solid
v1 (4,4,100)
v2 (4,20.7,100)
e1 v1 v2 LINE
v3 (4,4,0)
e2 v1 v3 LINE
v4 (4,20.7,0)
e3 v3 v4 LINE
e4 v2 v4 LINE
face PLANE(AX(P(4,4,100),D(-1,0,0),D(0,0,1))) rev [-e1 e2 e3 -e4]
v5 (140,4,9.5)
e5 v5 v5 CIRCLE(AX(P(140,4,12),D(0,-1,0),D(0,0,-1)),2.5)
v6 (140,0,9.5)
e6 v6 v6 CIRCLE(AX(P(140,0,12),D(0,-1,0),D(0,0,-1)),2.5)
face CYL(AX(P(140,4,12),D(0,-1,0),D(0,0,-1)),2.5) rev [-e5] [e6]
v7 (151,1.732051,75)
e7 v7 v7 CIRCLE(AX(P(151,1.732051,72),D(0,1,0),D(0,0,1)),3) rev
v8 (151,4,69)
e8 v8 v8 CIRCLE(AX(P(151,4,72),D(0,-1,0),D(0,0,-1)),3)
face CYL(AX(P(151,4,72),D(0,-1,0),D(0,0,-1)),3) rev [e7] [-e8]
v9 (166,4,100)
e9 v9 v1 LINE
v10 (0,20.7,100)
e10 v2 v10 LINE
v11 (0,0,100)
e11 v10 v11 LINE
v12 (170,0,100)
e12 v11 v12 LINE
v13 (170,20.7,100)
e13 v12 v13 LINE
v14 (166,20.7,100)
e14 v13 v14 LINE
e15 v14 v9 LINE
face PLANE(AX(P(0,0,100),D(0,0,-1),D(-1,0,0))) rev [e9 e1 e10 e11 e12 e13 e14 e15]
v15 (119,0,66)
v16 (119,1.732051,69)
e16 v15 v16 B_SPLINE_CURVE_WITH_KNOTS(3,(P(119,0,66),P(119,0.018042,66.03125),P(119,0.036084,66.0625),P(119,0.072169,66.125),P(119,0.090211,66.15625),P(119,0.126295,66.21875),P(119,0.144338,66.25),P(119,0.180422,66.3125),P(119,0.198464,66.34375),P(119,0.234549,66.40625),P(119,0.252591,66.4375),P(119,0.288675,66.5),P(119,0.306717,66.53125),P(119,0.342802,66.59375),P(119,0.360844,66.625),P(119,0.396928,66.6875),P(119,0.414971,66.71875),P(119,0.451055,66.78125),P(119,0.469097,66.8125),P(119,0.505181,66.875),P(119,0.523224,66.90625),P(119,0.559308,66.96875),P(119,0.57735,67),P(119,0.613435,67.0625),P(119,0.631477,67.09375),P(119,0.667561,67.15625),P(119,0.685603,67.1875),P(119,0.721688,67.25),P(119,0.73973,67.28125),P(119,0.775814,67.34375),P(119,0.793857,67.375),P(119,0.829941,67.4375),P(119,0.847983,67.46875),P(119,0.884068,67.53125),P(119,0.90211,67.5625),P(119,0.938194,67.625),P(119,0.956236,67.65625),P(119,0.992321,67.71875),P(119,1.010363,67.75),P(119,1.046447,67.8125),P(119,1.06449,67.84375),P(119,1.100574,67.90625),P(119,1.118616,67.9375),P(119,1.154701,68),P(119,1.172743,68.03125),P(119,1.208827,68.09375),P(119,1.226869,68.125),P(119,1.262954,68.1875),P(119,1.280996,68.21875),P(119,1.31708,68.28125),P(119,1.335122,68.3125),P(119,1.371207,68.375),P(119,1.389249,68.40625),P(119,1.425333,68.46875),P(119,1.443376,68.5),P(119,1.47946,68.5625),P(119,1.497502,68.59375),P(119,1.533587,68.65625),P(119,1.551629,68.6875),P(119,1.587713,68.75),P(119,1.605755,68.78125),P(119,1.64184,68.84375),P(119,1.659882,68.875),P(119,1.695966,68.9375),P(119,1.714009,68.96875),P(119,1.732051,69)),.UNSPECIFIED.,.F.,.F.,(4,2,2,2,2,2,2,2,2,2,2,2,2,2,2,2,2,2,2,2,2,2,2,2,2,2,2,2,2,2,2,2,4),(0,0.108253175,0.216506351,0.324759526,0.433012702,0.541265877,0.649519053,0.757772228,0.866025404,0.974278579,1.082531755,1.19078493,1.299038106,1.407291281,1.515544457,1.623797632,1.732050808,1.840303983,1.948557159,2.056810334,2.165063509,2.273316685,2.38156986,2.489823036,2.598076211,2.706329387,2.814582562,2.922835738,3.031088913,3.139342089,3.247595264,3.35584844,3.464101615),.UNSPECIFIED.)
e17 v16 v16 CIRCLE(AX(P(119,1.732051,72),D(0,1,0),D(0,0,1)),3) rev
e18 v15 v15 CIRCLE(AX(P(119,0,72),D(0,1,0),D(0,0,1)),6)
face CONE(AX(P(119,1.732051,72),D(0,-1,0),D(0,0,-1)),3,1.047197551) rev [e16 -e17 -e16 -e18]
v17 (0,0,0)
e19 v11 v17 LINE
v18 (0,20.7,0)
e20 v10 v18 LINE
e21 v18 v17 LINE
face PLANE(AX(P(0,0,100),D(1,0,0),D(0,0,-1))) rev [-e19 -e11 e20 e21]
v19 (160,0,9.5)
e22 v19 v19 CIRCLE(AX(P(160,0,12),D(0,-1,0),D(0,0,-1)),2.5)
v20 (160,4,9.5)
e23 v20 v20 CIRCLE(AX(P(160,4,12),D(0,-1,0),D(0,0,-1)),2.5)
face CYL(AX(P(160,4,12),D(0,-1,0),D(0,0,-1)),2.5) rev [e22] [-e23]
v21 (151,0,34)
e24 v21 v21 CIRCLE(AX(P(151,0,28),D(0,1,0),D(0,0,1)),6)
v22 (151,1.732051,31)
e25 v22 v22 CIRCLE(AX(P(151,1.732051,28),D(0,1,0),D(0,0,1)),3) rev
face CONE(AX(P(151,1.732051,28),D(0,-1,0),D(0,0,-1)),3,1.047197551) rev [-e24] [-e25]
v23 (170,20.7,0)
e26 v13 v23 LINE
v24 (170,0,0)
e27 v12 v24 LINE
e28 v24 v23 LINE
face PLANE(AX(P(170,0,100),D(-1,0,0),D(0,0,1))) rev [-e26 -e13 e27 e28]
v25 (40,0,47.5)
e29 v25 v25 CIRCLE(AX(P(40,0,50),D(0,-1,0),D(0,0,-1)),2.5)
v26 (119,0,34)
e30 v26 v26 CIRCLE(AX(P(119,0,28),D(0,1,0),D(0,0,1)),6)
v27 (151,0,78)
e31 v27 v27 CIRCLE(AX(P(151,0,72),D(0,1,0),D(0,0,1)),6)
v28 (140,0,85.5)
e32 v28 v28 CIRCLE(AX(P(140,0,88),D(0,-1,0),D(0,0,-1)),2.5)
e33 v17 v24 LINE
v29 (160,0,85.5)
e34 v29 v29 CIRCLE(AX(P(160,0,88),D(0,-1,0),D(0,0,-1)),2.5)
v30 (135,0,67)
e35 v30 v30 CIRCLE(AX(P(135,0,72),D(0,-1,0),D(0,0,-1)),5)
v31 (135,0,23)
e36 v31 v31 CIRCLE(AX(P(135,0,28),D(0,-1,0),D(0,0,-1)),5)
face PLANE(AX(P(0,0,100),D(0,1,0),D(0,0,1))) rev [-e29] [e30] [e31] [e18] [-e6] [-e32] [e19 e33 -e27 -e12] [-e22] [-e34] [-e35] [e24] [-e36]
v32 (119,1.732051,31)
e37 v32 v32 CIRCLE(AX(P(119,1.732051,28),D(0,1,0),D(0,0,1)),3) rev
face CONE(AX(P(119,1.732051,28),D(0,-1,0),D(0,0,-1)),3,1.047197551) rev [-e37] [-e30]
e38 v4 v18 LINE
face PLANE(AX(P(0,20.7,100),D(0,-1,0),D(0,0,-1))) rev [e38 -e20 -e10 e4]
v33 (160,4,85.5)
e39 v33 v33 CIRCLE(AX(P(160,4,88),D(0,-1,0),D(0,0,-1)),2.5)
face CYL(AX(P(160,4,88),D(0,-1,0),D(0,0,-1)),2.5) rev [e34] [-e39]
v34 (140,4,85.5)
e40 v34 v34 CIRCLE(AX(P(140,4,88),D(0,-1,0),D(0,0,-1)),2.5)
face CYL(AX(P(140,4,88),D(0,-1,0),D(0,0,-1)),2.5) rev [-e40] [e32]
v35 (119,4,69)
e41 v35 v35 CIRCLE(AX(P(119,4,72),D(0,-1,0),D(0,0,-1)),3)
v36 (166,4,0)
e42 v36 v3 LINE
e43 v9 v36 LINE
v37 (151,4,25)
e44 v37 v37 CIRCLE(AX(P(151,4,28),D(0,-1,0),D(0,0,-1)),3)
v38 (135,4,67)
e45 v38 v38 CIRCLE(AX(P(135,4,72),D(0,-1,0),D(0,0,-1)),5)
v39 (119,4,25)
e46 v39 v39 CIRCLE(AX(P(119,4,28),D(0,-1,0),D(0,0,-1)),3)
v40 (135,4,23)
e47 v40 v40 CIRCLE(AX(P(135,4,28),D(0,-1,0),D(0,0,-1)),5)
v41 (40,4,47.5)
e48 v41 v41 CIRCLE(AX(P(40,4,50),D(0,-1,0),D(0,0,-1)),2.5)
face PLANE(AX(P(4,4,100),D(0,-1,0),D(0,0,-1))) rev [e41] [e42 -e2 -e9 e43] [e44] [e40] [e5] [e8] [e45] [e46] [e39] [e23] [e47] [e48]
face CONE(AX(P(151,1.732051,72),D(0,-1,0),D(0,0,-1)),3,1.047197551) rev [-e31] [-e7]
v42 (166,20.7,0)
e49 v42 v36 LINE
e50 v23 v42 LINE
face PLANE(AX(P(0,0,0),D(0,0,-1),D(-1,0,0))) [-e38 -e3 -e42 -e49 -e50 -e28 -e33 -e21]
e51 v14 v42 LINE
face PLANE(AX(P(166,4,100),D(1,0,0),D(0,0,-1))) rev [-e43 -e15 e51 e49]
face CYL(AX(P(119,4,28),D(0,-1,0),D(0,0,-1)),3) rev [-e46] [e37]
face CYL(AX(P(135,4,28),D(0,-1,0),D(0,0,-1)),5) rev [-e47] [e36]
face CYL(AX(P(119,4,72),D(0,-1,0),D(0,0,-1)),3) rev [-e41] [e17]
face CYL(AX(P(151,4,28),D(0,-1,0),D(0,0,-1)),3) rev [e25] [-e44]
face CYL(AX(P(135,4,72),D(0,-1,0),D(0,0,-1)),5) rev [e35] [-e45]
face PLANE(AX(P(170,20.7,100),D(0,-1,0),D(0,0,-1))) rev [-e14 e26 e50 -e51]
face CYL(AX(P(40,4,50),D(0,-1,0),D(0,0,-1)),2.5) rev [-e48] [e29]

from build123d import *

# Parameters (mm, degrees)
EXTRUDE_1_DEPTH     = 100
SKETCH_2_R          = 5
SKETCH_2_R_2        = 2.5
SKETCH_2_R_3        = 3
CUT_EXTRUDE_1_DEPTH = 4
CHAMFER_3_SIZE      = 3
CHAMFER_3_SIZE2     = 1.732050808
CHAMFER_4_SIZE      = 3
CHAMFER_4_SIZE2     = 1.732050808
CHAMFER_5_SIZE      = 3
CHAMFER_5_SIZE2     = 1.732050808
CHAMFER_6_SIZE      = 3
CHAMFER_6_SIZE2     = 1.732050808


with BuildPart() as part:
    # Эскиз1 → Бобышка-Вытянуть1 (new body)
    with BuildSketch(Plane.XY):
        Polygon((0, 0), (170, 0), (170, 20.7), (166, 20.7), (166, 4), (4, 4), (4, 20.7), (0, 20.7), align=None)
    extrude(amount=EXTRUDE_1_DEPTH)

    # Эскиз2 → Вырез-Вытянуть1 (cut)
    with BuildSketch(Plane.XZ):
        with Locations(Location((135, 72, 0), (0, 0, 270))):
            Circle(SKETCH_2_R)
        with Locations(Location((135, 28, 0), (0, 0, 270))):
            Circle(SKETCH_2_R)
        with Locations(Location((40, 50, 0), (0, 0, 270))):
            Circle(SKETCH_2_R_2)
        with Locations(Location((160, 88, 0), (0, 0, 270))):
            Circle(SKETCH_2_R_2)
        with Locations(Location((140, 88, 0), (0, 0, 270))):
            Circle(SKETCH_2_R_2)
        with Locations(Location((160, 12, 0), (0, 0, 270))):
            Circle(SKETCH_2_R_2)
        with Locations(Location((140, 12, 0), (0, 0, 270))):
            Circle(SKETCH_2_R_2)
        with Locations(Location((151, 28, 0), (0, 0, 270))):
            Circle(SKETCH_2_R_3)
        with Locations(Location((119, 28, 0), (0, 0, 270))):
            Circle(SKETCH_2_R_3)
        with Locations(Location((151, 72, 0), (0, 0, 270))):
            Circle(SKETCH_2_R_3)
        with Locations(Location((119, 72, 0), (0, 0, 270))):
            Circle(SKETCH_2_R_3)
    extrude(amount=-CUT_EXTRUDE_1_DEPTH, mode=Mode.SUBTRACT)

    # Фаска3
    chamfer_3_edges = [part.edges().sort_by_distance(p)[0] for p in [
        (151, 0, 75),
    ]]
    chamfer_3_side = [part.faces().sort_by_distance(p)[0] for p in [
        (83.933938281, 0, 50),
    ]]
    chamfer(chamfer_3_edges, length=CHAMFER_3_SIZE, length2=CHAMFER_3_SIZE2, reference=chamfer_3_side[0])

    # Фаска4
    chamfer_4_edges = [part.edges().sort_by_distance(p)[0] for p in [
        (119, 0, 75),
    ]]
    chamfer_4_side = [part.faces().sort_by_distance(p)[0] for p in [
        (83.590141536, 0, 49.887222715),
    ]]
    chamfer(chamfer_4_edges, length=CHAMFER_4_SIZE, length2=CHAMFER_4_SIZE2, reference=chamfer_4_side[0])

    # Фаска5
    chamfer_5_edges = [part.edges().sort_by_distance(p)[0] for p in [
        (119, 0, 31),
    ]]
    chamfer_5_side = [part.faces().sort_by_distance(p)[0] for p in [
        (83.407686787, 0, 49.773283224),
    ]]
    chamfer(chamfer_5_edges, length=CHAMFER_5_SIZE, length2=CHAMFER_5_SIZE2, reference=chamfer_5_side[0])

    # Фаска6
    chamfer_6_edges = [part.edges().sort_by_distance(p)[0] for p in [
        (151, 0, 31),
    ]]
    chamfer_6_side = [part.faces().sort_by_distance(p)[0] for p in [
        (83.223342048, 0, 49.88605449),
    ]]
    chamfer(chamfer_6_edges, length=CHAMFER_6_SIZE, length2=CHAMFER_6_SIZE2, reference=chamfer_6_side[0])


solid = part.part
